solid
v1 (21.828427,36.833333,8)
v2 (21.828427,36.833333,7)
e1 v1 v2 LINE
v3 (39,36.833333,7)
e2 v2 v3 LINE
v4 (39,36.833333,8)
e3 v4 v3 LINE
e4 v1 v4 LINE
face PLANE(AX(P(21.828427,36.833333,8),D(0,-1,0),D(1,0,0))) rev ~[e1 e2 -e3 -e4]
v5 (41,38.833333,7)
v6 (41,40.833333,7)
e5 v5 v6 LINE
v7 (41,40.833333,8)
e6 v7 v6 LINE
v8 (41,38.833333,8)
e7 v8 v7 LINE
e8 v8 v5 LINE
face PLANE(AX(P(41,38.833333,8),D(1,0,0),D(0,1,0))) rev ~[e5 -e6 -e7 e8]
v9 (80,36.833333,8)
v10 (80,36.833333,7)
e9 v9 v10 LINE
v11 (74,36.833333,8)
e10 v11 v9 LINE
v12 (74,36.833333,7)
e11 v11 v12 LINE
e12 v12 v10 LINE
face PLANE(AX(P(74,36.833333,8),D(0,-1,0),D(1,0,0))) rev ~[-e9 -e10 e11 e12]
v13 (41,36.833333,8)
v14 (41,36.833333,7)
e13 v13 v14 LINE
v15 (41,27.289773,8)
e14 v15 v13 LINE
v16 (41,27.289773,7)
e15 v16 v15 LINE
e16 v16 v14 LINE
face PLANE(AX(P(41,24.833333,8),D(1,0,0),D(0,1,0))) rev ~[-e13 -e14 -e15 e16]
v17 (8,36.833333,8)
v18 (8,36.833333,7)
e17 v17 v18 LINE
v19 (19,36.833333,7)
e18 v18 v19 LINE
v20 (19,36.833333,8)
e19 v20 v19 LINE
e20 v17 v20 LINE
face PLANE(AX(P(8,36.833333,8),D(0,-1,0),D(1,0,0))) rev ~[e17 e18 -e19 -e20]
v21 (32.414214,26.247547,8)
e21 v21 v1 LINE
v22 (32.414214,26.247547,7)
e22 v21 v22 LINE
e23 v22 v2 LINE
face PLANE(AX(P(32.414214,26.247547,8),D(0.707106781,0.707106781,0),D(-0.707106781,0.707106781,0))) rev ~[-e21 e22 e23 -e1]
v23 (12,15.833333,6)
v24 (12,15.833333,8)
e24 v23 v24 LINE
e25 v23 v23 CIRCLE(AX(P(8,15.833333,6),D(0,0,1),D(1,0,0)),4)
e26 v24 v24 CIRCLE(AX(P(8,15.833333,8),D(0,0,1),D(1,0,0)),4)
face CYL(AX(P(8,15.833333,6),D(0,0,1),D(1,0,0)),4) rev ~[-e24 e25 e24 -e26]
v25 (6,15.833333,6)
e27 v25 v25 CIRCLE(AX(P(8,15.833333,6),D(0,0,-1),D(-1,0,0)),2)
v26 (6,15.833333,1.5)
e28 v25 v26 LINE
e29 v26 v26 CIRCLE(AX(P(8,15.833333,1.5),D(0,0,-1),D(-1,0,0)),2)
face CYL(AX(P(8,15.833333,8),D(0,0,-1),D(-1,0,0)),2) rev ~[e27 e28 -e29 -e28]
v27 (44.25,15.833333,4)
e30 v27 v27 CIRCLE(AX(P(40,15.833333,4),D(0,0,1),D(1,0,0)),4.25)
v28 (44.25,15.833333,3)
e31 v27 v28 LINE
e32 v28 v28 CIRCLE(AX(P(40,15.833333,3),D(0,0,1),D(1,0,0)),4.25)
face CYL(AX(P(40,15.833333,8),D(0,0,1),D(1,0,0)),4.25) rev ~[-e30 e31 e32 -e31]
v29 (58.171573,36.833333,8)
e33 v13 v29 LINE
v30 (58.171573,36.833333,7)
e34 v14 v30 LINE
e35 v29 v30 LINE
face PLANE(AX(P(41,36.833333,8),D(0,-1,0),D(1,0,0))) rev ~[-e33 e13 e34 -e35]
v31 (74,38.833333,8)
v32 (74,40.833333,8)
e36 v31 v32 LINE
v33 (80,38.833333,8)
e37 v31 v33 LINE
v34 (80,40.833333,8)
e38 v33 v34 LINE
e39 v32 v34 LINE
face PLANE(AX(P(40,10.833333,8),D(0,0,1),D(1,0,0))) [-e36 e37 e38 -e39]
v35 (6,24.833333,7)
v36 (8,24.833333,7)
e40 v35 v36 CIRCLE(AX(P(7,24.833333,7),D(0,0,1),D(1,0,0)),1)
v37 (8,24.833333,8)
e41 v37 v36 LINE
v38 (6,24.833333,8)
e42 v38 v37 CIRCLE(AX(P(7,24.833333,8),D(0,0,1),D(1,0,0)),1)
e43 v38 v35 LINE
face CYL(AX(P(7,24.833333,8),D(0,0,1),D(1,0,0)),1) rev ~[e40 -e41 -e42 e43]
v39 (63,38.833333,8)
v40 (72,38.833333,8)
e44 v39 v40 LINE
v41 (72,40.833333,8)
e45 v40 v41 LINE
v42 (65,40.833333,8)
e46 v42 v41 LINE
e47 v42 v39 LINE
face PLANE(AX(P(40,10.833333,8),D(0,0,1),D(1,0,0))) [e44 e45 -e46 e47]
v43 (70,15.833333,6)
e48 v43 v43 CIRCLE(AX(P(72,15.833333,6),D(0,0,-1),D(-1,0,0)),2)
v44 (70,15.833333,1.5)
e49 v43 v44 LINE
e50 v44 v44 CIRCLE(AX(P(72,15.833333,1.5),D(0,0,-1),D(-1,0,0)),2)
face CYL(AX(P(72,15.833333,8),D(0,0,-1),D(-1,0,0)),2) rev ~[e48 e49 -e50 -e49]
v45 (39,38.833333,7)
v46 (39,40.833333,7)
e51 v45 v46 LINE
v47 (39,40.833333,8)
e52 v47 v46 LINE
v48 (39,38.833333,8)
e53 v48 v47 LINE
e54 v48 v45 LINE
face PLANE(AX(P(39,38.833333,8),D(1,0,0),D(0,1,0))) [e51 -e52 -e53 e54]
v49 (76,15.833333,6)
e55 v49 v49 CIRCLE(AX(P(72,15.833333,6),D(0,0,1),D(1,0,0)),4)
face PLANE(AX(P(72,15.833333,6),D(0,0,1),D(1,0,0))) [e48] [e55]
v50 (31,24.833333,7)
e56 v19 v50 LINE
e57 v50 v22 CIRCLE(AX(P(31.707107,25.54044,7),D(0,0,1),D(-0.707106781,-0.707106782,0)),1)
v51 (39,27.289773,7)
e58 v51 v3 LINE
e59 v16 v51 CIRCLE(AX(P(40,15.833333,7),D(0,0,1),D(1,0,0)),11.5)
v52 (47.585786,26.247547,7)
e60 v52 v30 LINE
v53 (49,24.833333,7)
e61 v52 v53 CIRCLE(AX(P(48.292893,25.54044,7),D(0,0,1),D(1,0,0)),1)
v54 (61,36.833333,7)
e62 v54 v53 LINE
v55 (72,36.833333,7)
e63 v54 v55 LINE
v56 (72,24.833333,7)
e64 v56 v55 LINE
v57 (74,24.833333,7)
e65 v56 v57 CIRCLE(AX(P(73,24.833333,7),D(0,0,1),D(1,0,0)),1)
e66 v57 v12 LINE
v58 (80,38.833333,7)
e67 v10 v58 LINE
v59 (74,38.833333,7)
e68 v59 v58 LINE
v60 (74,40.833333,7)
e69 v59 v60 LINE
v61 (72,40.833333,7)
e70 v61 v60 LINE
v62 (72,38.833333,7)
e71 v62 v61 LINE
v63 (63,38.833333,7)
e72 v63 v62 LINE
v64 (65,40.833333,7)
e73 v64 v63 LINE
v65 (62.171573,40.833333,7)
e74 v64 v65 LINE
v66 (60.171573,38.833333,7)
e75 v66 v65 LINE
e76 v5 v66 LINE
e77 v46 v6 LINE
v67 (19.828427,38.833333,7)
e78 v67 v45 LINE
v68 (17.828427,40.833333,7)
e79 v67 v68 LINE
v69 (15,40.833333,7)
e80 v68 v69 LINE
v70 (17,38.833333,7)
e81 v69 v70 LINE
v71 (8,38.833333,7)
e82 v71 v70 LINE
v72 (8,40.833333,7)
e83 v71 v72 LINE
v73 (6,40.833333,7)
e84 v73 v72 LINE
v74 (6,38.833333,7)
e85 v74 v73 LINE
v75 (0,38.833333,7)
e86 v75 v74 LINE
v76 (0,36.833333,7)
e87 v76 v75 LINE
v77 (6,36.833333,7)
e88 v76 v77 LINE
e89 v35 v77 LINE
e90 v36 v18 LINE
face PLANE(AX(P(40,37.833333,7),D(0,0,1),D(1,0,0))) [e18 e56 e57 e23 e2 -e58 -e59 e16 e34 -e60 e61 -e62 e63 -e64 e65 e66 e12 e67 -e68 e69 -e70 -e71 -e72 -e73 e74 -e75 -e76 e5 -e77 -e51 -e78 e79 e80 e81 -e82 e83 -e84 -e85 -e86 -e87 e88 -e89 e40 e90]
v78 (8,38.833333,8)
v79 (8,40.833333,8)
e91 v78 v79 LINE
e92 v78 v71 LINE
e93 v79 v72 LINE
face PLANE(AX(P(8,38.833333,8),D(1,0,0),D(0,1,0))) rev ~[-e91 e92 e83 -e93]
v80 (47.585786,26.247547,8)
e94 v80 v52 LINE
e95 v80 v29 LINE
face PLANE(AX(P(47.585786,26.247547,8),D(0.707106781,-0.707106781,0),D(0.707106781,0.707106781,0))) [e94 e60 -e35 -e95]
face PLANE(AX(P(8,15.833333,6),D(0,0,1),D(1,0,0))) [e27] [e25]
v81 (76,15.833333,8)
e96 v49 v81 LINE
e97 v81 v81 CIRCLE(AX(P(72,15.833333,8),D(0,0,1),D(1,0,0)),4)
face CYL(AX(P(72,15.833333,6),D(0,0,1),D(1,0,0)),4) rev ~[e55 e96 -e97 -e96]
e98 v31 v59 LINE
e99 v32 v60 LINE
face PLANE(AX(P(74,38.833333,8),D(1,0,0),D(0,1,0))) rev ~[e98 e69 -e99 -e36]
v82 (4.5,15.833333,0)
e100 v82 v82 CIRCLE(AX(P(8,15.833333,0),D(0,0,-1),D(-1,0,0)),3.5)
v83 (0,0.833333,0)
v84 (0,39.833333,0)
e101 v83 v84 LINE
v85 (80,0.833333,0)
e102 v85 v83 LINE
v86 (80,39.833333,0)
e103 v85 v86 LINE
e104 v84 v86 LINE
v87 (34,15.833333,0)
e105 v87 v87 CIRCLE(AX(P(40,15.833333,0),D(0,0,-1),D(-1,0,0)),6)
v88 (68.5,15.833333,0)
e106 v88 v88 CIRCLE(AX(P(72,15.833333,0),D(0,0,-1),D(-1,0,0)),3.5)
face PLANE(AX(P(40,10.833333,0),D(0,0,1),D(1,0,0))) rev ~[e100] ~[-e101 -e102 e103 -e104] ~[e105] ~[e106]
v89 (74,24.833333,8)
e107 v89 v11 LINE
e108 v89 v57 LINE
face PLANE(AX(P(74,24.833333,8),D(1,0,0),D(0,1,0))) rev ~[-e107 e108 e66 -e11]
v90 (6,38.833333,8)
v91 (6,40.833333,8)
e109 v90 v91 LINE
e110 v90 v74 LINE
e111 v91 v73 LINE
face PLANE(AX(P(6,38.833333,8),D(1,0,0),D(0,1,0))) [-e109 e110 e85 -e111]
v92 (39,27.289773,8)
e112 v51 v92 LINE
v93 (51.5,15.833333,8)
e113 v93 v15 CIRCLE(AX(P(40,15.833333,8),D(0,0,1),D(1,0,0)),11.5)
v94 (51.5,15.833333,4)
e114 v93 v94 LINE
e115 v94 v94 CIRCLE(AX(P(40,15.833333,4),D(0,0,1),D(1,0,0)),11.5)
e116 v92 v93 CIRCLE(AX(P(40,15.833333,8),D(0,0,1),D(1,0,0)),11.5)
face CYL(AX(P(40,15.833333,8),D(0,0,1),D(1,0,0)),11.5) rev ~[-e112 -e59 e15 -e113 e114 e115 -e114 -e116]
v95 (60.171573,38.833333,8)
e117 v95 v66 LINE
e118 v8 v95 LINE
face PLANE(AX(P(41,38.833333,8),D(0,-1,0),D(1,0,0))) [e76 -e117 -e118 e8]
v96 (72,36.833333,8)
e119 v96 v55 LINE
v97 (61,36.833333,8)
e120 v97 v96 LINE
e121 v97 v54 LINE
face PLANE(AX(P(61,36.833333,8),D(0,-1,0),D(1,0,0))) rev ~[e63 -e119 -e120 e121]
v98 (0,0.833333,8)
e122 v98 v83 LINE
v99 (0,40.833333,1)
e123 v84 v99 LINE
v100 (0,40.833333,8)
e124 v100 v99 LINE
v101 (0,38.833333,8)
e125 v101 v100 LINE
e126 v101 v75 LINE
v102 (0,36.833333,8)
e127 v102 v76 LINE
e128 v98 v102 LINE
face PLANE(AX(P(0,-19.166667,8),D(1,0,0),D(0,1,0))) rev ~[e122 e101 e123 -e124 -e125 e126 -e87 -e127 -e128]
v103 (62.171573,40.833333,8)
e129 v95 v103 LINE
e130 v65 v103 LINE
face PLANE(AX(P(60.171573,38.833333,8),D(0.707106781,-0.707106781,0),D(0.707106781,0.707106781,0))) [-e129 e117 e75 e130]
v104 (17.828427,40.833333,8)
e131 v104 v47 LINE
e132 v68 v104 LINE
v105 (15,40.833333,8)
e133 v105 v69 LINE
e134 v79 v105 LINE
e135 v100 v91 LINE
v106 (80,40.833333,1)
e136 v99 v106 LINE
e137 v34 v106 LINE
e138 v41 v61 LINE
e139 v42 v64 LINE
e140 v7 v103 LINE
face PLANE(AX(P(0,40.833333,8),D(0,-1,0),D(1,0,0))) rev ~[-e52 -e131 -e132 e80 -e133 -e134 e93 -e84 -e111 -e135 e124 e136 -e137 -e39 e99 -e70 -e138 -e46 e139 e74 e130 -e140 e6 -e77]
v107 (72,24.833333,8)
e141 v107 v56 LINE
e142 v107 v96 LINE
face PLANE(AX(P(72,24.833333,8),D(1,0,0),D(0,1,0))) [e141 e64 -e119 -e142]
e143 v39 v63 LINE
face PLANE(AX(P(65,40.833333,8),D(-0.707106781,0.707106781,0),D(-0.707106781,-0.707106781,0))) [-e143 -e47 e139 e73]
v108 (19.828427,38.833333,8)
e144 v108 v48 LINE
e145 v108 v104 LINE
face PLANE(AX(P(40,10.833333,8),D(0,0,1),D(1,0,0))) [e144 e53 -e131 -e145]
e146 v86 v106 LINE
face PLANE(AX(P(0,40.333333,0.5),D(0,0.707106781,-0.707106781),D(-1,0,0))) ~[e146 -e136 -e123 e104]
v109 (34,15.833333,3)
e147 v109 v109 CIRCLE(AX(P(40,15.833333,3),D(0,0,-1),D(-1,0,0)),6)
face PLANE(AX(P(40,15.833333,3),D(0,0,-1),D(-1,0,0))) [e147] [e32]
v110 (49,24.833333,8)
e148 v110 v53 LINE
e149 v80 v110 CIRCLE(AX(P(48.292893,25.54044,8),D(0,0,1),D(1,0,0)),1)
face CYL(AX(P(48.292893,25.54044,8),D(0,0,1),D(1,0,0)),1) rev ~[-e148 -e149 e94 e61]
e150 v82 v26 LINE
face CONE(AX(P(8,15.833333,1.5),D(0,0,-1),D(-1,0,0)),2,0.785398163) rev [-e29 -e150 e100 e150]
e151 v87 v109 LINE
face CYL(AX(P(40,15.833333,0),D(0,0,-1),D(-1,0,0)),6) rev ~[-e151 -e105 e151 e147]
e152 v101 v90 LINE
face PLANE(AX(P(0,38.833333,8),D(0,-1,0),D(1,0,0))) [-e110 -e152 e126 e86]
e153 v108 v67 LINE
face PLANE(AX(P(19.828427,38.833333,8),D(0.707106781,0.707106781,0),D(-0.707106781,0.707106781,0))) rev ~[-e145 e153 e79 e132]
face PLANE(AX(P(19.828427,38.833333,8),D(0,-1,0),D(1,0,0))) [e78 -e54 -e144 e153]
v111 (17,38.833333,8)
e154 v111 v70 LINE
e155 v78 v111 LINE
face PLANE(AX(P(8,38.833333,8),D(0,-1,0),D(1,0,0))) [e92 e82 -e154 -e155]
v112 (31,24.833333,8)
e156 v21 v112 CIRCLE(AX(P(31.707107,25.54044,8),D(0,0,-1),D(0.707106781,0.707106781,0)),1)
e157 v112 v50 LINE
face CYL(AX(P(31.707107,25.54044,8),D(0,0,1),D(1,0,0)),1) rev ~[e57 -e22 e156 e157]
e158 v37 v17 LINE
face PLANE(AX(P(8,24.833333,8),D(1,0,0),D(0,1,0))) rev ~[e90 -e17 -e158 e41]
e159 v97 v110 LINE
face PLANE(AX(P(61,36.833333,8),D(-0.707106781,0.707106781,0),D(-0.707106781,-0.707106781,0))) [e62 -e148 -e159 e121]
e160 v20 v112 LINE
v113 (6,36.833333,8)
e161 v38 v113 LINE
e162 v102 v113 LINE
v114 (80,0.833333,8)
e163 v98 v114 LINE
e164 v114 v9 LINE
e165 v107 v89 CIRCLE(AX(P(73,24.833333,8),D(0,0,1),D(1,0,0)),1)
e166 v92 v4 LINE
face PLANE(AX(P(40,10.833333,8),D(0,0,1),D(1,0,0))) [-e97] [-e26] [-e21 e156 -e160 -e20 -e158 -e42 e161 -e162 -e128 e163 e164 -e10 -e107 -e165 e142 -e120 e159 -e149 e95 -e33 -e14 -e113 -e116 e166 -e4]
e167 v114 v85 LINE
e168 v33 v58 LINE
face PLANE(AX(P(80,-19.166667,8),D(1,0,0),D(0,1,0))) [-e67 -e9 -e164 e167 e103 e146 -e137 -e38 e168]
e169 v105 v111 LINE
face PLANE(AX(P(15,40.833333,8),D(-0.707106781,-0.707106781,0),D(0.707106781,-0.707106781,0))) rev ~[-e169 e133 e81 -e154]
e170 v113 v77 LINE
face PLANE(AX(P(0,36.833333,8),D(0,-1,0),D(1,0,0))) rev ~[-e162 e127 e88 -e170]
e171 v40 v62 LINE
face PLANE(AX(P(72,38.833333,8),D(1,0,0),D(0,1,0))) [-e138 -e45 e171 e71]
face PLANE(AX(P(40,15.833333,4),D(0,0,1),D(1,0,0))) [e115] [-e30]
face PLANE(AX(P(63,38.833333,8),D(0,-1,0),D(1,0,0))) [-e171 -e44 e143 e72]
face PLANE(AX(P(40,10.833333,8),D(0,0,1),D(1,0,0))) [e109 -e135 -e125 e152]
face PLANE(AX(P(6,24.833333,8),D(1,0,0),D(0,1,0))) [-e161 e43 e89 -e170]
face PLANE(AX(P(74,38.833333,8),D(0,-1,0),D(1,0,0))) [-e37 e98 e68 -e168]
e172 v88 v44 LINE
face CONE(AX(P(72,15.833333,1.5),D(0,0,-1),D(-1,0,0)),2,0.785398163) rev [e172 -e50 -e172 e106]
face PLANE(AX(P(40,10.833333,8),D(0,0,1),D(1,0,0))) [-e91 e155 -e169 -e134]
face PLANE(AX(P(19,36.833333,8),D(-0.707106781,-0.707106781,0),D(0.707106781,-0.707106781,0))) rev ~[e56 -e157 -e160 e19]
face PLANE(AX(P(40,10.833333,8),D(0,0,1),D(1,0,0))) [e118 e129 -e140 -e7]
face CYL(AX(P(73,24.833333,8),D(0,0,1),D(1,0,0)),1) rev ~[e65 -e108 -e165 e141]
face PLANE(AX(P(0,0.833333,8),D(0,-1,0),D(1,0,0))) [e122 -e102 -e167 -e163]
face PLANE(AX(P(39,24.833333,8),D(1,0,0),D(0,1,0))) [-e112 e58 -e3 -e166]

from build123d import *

# Parameters (mm, degrees)
SKETCH_1_W                     = 80
SKETCH_1_H                     = 60
EXTRUDE_1_DEPTH                = 8
HOLE_WIZARD_M3_5_1_D           = 4
HOLE_WIZARD_M3_5_1_CBORE_D     = 8
HOLE_WIZARD_M3_5_1_CBORE_DEPTH = 2
SKETCH_14_W                    = 80
SKETCH_14_H                    = 2
SKETCH_14_W_2                  = 2
SKETCH_14_H_2                  = 16
CUT_EXTRUDE_1_DEPTH            = 1
CUT_EXTRUDE_2_REACH            = 92.174
SKETCH_15_R                    = 4.25
SKETCH_17_R                    = 11.5
CUT_EXTRUDE_4_DEPTH            = 4
SKETCH_18_R                    = 6
CUT_EXTRUDE_5_DEPTH            = 3
CHAMFER_1_SIZE                 = 1.499999999
CHAMFER_1_SIZE2                = 1.500000001
CHAMFER_2_SIZE                 = 1
SKETCH_20_W                    = 80
SKETCH_20_H                    = 6
CUT_EXTRUDE_6_DEPTH            = 1
SKETCH_21_W                    = 80
SKETCH_21_H                    = 4
CUT_EXTRUDE_7_DEPTH            = 1
SKETCH_22_W                    = 80
SKETCH_22_H                    = 2
CUT_EXTRUDE_8_DEPTH            = 1
SKETCH_23_R                    = 1
CUT_EXTRUDE_9_DEPTH            = 1
CUT_EXTRUDE_10_REACH           = 92.174
SKETCH_24_W                    = 80
SKETCH_24_H                    = 20


with BuildPart() as part:
    # 草图1 → 凸台-拉伸1 (new body)
    with BuildSketch(Plane.XY.offset(8)):
        with Locations((40, 10.833333333)):
            Rectangle(SKETCH_1_W, SKETCH_1_H)
    extrude(amount=-EXTRUDE_1_DEPTH)

    # M3.5 六角头机械螺钉的柱形沉头孔1 (through all)
    with Locations(Plane.XY.offset(8)):
        with Locations((8, 15.833333333), (72, 15.833333333)):
            CounterBoreHole(HOLE_WIZARD_M3_5_1_D / 2, HOLE_WIZARD_M3_5_1_CBORE_D / 2, HOLE_WIZARD_M3_5_1_CBORE_DEPTH)

    # 草图14 → 切除-拉伸1 (cut)
    with BuildSketch(Plane.XY.offset(8)):
        with Locations((40, 37.833333333)):
            Rectangle(SKETCH_14_W, SKETCH_14_H)
        Polygon((15, 40.833333333), (31, 24.833333333), (32.414213562, 26.247546896), (16.414213562, 42.247546896), align=None)
        with Locations((7, 32.833333333)):
            Rectangle(SKETCH_14_W_2, SKETCH_14_H_2)
        with Locations((40, 32.833333333)):
            Rectangle(SKETCH_14_W_2, SKETCH_14_H_2)
        with Locations((73, 32.833333333)):
            Rectangle(SKETCH_14_W_2, SKETCH_14_H_2)
        Polygon((47.585786438, 26.247546896), (63.585786438, 42.247546896), (65, 40.833333333), (49, 24.833333333), align=None)
    extrude(amount=-CUT_EXTRUDE_1_DEPTH, mode=Mode.SUBTRACT)

    # 草图15 → 切除-拉伸2 (cut, up to next)
    with BuildSketch(Plane.XY.offset(8), mode=Mode.PRIVATE) as cut_extrude_2_sk1:
        with Locations((40, 15.833333333)):
            Circle(SKETCH_15_R)
    cut_extrude_2_tool1 = extrude(cut_extrude_2_sk1.sketch, amount=-CUT_EXTRUDE_2_REACH, mode=Mode.PRIVATE) & part.part
    add(cut_extrude_2_tool1.solids().sort_by_distance((40, 15.833333, 8))[0], mode=Mode.SUBTRACT)

    # 草图17 → 切除-拉伸4 (cut)
    with BuildSketch(Plane.XY.offset(8)):
        with Locations((40, 15.833333333)):
            Circle(SKETCH_17_R)
    extrude(amount=-CUT_EXTRUDE_4_DEPTH, mode=Mode.SUBTRACT)

    # 草图18 → 切除-拉伸5 (cut)
    with BuildSketch(Plane(origin=(0, 0, 0), x_dir=(-1, 0, 0), z_dir=(0, 0, -1))):
        with Locations((-40, 15.833333333)):
            Circle(SKETCH_18_R)
    extrude(amount=-CUT_EXTRUDE_5_DEPTH, mode=Mode.SUBTRACT)

    # 倒角1
    chamfer_1_edges = [part.edges().sort_by_distance(p)[0] for p in [
        (74, 15.833333333, 0),
        (10, 15.833333333, 0),
    ]]
    chamfer_1_side = [part.faces().sort_by_distance(p)[0] for p in [
        (79, 10.833333333, 0),
    ]]
    chamfer(chamfer_1_edges, length=CHAMFER_1_SIZE, length2=CHAMFER_1_SIZE2, reference=chamfer_1_side[0])

    # 倒角2
    chamfer_2_edges = [part.edges().sort_by_distance(p)[0] for p in [
        (40, 40.833333333, 0),
    ]]
    chamfer(chamfer_2_edges, length=CHAMFER_2_SIZE)

    # 草图20 → 切除-拉伸6 (cut)
    with BuildSketch(Plane.XY.offset(8)):
        with Locations((40, -16.166666667)):
            Rectangle(SKETCH_20_W, SKETCH_20_H)
    extrude(amount=-CUT_EXTRUDE_6_DEPTH, mode=Mode.SUBTRACT)

    # 草图21 → 切除-拉伸7 (cut)
    with BuildSketch(Plane.XY.offset(7)):
        with Locations((40, -17.166666667)):
            Rectangle(SKETCH_21_W, SKETCH_21_H)
    extrude(amount=-CUT_EXTRUDE_7_DEPTH, mode=Mode.SUBTRACT)

    # 草图22 → 切除-拉伸8 (cut)
    with BuildSketch(Plane.XY.offset(6)):
        with Locations((40, -18.166666667)):
            Rectangle(SKETCH_22_W, SKETCH_22_H)
    extrude(amount=-CUT_EXTRUDE_8_DEPTH, mode=Mode.SUBTRACT)

    # 草图23 → 切除-拉伸9 (cut)
    with BuildSketch(Plane.XY.offset(8)):
        with Locations((7, 24.833333333)):
            Circle(SKETCH_23_R)
        with Locations((31.707106781, 25.540440115)):
            Circle(SKETCH_23_R)
        with Locations((48.292893219, 25.540440115)):
            Circle(SKETCH_23_R)
        with Locations((73, 24.833333333)):
            Circle(SKETCH_23_R)
    extrude(amount=-CUT_EXTRUDE_9_DEPTH, mode=Mode.SUBTRACT)

    # 草图24 → 切除-拉伸10 (cut, up to next)
    with BuildSketch(Plane.XY.offset(8), mode=Mode.PRIVATE) as cut_extrude_10_sk1:
        with Locations((40, -9.166666667)):
            Rectangle(SKETCH_24_W, SKETCH_24_H)
    cut_extrude_10_tool1 = extrude(cut_extrude_10_sk1.sketch, amount=-CUT_EXTRUDE_10_REACH, mode=Mode.PRIVATE) & part.part
    add(cut_extrude_10_tool1.solids().sort_by_distance((40, -9.166667, 8))[0], mode=Mode.SUBTRACT)


solid = part.part
